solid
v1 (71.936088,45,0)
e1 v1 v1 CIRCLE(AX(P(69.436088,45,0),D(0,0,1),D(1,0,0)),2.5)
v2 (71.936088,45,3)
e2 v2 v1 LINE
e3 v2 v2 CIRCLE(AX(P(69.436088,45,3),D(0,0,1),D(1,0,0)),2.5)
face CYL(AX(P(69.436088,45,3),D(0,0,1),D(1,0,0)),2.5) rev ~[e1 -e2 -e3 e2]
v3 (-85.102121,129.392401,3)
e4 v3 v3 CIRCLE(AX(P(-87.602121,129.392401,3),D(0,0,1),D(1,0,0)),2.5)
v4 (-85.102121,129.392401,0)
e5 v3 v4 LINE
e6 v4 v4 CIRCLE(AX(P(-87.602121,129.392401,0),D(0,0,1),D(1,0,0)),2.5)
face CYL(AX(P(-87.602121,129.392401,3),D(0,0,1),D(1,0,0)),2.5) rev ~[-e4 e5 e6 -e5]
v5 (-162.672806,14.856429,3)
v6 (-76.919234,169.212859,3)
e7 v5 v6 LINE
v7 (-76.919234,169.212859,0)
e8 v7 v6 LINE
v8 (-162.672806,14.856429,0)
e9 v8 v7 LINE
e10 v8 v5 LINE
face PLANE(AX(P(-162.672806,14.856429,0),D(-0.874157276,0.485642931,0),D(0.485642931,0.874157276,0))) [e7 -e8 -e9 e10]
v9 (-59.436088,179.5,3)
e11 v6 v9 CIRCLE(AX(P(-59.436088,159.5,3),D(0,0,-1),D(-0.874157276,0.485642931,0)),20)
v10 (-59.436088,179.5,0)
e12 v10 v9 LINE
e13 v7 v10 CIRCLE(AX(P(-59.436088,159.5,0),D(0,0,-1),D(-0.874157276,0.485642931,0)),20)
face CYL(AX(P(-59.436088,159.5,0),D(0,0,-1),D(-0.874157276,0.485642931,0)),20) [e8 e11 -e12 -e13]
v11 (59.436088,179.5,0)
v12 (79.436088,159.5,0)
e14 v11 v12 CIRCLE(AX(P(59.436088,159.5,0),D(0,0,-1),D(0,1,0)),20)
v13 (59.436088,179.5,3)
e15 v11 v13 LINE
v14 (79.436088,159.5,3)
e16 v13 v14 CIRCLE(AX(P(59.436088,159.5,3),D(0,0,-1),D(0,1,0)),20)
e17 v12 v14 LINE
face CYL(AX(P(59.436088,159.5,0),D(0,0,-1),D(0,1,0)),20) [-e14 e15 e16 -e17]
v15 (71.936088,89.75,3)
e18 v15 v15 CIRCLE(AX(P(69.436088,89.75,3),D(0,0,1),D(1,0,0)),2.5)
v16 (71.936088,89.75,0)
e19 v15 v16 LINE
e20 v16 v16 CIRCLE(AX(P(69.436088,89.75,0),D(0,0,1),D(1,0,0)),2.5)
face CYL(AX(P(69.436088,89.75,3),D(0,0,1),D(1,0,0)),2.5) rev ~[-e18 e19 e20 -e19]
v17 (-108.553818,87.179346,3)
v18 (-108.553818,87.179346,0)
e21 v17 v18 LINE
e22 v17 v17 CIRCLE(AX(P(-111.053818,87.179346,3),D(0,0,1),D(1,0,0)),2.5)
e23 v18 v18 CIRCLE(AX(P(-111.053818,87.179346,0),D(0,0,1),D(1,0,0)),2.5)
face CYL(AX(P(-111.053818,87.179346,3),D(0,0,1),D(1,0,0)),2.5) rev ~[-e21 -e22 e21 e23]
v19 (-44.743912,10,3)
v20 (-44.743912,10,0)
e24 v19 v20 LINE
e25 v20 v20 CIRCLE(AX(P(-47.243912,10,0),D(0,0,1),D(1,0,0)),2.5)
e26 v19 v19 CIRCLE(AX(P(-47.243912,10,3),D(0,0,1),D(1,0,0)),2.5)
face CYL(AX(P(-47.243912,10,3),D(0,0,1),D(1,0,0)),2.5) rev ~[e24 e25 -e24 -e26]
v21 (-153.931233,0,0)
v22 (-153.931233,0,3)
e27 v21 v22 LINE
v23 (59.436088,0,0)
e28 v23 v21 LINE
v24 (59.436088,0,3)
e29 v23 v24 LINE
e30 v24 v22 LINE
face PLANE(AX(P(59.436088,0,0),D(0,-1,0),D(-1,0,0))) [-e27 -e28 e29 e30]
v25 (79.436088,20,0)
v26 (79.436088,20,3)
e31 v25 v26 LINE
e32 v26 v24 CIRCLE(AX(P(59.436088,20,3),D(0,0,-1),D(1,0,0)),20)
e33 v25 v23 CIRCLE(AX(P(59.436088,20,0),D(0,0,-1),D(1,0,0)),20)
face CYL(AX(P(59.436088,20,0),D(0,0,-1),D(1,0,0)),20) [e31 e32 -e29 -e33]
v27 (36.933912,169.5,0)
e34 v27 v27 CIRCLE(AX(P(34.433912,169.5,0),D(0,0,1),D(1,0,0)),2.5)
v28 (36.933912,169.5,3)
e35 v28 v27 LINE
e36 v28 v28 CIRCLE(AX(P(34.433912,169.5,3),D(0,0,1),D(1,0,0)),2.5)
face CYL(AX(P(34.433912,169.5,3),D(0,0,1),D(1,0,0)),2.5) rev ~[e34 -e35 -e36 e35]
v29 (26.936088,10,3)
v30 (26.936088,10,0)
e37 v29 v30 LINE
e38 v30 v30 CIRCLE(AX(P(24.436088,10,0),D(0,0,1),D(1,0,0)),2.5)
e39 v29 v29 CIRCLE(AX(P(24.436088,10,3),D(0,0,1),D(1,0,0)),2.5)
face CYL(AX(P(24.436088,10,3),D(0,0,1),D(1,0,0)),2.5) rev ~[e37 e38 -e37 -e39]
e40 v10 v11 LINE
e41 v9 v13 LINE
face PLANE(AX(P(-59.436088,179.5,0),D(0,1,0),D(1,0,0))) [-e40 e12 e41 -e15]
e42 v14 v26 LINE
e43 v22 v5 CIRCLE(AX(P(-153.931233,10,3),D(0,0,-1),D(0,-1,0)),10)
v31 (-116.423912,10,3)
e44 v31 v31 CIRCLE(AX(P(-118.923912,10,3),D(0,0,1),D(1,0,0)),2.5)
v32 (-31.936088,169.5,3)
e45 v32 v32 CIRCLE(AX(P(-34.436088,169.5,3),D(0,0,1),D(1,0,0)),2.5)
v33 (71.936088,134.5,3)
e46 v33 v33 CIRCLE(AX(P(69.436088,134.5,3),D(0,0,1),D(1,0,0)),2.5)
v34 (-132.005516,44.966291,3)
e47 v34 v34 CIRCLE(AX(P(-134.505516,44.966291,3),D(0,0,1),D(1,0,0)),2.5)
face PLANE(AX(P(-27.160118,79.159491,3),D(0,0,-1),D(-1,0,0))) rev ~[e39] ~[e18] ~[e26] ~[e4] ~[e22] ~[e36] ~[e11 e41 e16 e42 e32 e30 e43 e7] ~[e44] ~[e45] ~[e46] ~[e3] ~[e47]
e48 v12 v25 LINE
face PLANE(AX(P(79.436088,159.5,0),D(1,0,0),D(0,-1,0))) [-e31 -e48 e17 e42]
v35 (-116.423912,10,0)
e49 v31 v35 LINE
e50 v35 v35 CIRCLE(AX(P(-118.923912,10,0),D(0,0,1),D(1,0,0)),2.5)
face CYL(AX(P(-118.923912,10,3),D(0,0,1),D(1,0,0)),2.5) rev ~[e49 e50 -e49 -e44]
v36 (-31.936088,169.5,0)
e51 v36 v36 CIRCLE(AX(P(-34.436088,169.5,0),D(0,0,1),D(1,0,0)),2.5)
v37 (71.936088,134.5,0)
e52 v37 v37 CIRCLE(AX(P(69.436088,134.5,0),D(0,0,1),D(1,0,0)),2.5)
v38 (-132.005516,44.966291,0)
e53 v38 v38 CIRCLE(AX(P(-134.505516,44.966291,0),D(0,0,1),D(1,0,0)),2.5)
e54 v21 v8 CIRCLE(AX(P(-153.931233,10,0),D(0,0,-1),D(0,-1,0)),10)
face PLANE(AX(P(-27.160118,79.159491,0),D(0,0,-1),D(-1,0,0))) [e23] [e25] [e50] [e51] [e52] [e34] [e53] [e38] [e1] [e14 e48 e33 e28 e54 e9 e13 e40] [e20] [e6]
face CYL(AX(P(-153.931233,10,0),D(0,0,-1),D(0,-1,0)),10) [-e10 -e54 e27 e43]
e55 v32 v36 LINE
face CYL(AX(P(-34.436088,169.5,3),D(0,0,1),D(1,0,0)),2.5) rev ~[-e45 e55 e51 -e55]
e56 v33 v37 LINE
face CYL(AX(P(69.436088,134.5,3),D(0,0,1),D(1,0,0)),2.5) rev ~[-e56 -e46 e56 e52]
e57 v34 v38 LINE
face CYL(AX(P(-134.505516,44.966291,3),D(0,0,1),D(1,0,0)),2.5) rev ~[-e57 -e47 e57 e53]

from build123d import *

# Parameters (mm, degrees)
BOSS_EXTRUDE1_DEPTH = 3
CUT_EXTRUDE1_REACH  = 245.11
SKETCH2_R           = 2.5


with BuildPart() as part:
    # Sketch1 → Boss-Extrude1 (new body)
    with BuildSketch(Plane.XY):
        with BuildLine():
            Line((-59.436088262, 179.5), (59.436088262, 179.5))
            ThreePointArc((59.436088262, 179.5), (73.578223886, 173.642135624), (79.436088262, 159.5))
            Line((79.436088262, 159.5), (79.436088262, 20))
            ThreePointArc((79.436088262, 20), (73.578223886, 5.857864376), (59.436088262, 0))
            Line((59.436088262, 0), (-153.931232863, 0))
            ThreePointArc((-153.931232863, 0), (-162.549941964, 4.928722701), (-162.672805625, 14.856429312))
            Line((-162.672805625, 14.856429312), (-76.919233785, 169.212858624))
            ThreePointArc((-76.919233785, 169.212858624), (-69.57864286, 176.737418201), (-59.436088262, 179.5))
        make_face()
    extrude(amount=BOSS_EXTRUDE1_DEPTH)

    # Sketch2 → Cut-Extrude1 (cut, up to next)
    with BuildSketch(Plane.XY.offset(3), mode=Mode.PRIVATE) as cut_extrude1_sk1:
        with Locations((-34.436088262, 169.5)):
            Circle(SKETCH2_R)
    cut_extrude1_tool1 = extrude(cut_extrude1_sk1.sketch, amount=-CUT_EXTRUDE1_REACH, mode=Mode.PRIVATE) & part.part
    # Sketch2 → Cut-Extrude1 (cut, up to next)
    with BuildSketch(Plane.XY.offset(3), mode=Mode.PRIVATE) as cut_extrude1_sk2:
        with Locations((34.433911738, 169.5)):
            Circle(SKETCH2_R)
    cut_extrude1_tool2 = extrude(cut_extrude1_sk2.sketch, amount=-CUT_EXTRUDE1_REACH, mode=Mode.PRIVATE) & part.part
    # Sketch2 → Cut-Extrude1 (cut, up to next)
    with BuildSketch(Plane.XY.offset(3), mode=Mode.PRIVATE) as cut_extrude1_sk3:
        with Locations((69.436088262, 134.5)):
            Circle(SKETCH2_R)
    cut_extrude1_tool3 = extrude(cut_extrude1_sk3.sketch, amount=-CUT_EXTRUDE1_REACH, mode=Mode.PRIVATE) & part.part
    # Sketch2 → Cut-Extrude1 (cut, up to next)
    with BuildSketch(Plane.XY.offset(3), mode=Mode.PRIVATE) as cut_extrude1_sk4:
        with Locations((69.436088262, 89.75)):
            Circle(SKETCH2_R)
    cut_extrude1_tool4 = extrude(cut_extrude1_sk4.sketch, amount=-CUT_EXTRUDE1_REACH, mode=Mode.PRIVATE) & part.part
    # Sketch2 → Cut-Extrude1 (cut, up to next)
    with BuildSketch(Plane.XY.offset(3), mode=Mode.PRIVATE) as cut_extrude1_sk5:
        with Locations((69.436088262, 45)):
            Circle(SKETCH2_R)
    cut_extrude1_tool5 = extrude(cut_extrude1_sk5.sketch, amount=-CUT_EXTRUDE1_REACH, mode=Mode.PRIVATE) & part.part
    # Sketch2 → Cut-Extrude1 (cut, up to next)
    with BuildSketch(Plane.XY.offset(3), mode=Mode.PRIVATE) as cut_extrude1_sk6:
        with Locations((24.436088262, 10)):
            Circle(SKETCH2_R)
    cut_extrude1_tool6 = extrude(cut_extrude1_sk6.sketch, amount=-CUT_EXTRUDE1_REACH, mode=Mode.PRIVATE) & part.part
    # Sketch2 → Cut-Extrude1 (cut, up to next)
    with BuildSketch(Plane.XY.offset(3), mode=Mode.PRIVATE) as cut_extrude1_sk7:
        with Locations((-47.243911738, 10)):
            Circle(SKETCH2_R)
    cut_extrude1_tool7 = extrude(cut_extrude1_sk7.sketch, amount=-CUT_EXTRUDE1_REACH, mode=Mode.PRIVATE) & part.part
    # Sketch2 → Cut-Extrude1 (cut, up to next)
    with BuildSketch(Plane.XY.offset(3), mode=Mode.PRIVATE) as cut_extrude1_sk8:
        with Locations((-118.923911738, 10)):
            Circle(SKETCH2_R)
    cut_extrude1_tool8 = extrude(cut_extrude1_sk8.sketch, amount=-CUT_EXTRUDE1_REACH, mode=Mode.PRIVATE) & part.part
    # Sketch2 → Cut-Extrude1 (cut, up to next)
    with BuildSketch(Plane.XY.offset(3), mode=Mode.PRIVATE) as cut_extrude1_sk9:
        with Locations((-134.505515616, 44.966291045)):
            Circle(SKETCH2_R)
    cut_extrude1_tool9 = extrude(cut_extrude1_sk9.sketch, amount=-CUT_EXTRUDE1_REACH, mode=Mode.PRIVATE) & part.part
    # Sketch2 → Cut-Extrude1 (cut, up to next)
    with BuildSketch(Plane.XY.offset(3), mode=Mode.PRIVATE) as cut_extrude1_sk10:
        with Locations((-87.602121323, 129.392400773)):
            Circle(SKETCH2_R)
    cut_extrude1_tool10 = extrude(cut_extrude1_sk10.sketch, amount=-CUT_EXTRUDE1_REACH, mode=Mode.PRIVATE) & part.part
    # Sketch2 → Cut-Extrude1 (cut, up to next)
    with BuildSketch(Plane.XY.offset(3), mode=Mode.PRIVATE) as cut_extrude1_sk11:
        with Locations((-111.05381847, 87.179345909)):
            Circle(SKETCH2_R)
    cut_extrude1_tool11 = extrude(cut_extrude1_sk11.sketch, amount=-CUT_EXTRUDE1_REACH, mode=Mode.PRIVATE) & part.part
    add(cut_extrude1_tool1.solids().sort_by_distance((-34.436088, 169.5, 3))[0], mode=Mode.SUBTRACT)
    add(cut_extrude1_tool2.solids().sort_by_distance((34.433912, 169.5, 3))[0], mode=Mode.SUBTRACT)
    add(cut_extrude1_tool3.solids().sort_by_distance((69.436088, 134.5, 3))[0], mode=Mode.SUBTRACT)
    add(cut_extrude1_tool4.solids().sort_by_distance((69.436088, 89.75, 3))[0], mode=Mode.SUBTRACT)
    add(cut_extrude1_tool5.solids().sort_by_distance((69.436088, 45, 3))[0], mode=Mode.SUBTRACT)
    add(cut_extrude1_tool6.solids().sort_by_distance((24.436088, 10, 3))[0], mode=Mode.SUBTRACT)
    add(cut_extrude1_tool7.solids().sort_by_distance((-47.243912, 10, 3))[0], mode=Mode.SUBTRACT)
    add(cut_extrude1_tool8.solids().sort_by_distance((-118.923912, 10, 3))[0], mode=Mode.SUBTRACT)
    add(cut_extrude1_tool9.solids().sort_by_distance((-134.505516, 44.966291, 3))[0], mode=Mode.SUBTRACT)
    add(cut_extrude1_tool10.solids().sort_by_distance((-87.602121, 129.392401, 3))[0], mode=Mode.SUBTRACT)
    add(cut_extrude1_tool11.solids().sort_by_distance((-111.053818, 87.179346, 3))[0], mode=Mode.SUBTRACT)


solid = part.part
